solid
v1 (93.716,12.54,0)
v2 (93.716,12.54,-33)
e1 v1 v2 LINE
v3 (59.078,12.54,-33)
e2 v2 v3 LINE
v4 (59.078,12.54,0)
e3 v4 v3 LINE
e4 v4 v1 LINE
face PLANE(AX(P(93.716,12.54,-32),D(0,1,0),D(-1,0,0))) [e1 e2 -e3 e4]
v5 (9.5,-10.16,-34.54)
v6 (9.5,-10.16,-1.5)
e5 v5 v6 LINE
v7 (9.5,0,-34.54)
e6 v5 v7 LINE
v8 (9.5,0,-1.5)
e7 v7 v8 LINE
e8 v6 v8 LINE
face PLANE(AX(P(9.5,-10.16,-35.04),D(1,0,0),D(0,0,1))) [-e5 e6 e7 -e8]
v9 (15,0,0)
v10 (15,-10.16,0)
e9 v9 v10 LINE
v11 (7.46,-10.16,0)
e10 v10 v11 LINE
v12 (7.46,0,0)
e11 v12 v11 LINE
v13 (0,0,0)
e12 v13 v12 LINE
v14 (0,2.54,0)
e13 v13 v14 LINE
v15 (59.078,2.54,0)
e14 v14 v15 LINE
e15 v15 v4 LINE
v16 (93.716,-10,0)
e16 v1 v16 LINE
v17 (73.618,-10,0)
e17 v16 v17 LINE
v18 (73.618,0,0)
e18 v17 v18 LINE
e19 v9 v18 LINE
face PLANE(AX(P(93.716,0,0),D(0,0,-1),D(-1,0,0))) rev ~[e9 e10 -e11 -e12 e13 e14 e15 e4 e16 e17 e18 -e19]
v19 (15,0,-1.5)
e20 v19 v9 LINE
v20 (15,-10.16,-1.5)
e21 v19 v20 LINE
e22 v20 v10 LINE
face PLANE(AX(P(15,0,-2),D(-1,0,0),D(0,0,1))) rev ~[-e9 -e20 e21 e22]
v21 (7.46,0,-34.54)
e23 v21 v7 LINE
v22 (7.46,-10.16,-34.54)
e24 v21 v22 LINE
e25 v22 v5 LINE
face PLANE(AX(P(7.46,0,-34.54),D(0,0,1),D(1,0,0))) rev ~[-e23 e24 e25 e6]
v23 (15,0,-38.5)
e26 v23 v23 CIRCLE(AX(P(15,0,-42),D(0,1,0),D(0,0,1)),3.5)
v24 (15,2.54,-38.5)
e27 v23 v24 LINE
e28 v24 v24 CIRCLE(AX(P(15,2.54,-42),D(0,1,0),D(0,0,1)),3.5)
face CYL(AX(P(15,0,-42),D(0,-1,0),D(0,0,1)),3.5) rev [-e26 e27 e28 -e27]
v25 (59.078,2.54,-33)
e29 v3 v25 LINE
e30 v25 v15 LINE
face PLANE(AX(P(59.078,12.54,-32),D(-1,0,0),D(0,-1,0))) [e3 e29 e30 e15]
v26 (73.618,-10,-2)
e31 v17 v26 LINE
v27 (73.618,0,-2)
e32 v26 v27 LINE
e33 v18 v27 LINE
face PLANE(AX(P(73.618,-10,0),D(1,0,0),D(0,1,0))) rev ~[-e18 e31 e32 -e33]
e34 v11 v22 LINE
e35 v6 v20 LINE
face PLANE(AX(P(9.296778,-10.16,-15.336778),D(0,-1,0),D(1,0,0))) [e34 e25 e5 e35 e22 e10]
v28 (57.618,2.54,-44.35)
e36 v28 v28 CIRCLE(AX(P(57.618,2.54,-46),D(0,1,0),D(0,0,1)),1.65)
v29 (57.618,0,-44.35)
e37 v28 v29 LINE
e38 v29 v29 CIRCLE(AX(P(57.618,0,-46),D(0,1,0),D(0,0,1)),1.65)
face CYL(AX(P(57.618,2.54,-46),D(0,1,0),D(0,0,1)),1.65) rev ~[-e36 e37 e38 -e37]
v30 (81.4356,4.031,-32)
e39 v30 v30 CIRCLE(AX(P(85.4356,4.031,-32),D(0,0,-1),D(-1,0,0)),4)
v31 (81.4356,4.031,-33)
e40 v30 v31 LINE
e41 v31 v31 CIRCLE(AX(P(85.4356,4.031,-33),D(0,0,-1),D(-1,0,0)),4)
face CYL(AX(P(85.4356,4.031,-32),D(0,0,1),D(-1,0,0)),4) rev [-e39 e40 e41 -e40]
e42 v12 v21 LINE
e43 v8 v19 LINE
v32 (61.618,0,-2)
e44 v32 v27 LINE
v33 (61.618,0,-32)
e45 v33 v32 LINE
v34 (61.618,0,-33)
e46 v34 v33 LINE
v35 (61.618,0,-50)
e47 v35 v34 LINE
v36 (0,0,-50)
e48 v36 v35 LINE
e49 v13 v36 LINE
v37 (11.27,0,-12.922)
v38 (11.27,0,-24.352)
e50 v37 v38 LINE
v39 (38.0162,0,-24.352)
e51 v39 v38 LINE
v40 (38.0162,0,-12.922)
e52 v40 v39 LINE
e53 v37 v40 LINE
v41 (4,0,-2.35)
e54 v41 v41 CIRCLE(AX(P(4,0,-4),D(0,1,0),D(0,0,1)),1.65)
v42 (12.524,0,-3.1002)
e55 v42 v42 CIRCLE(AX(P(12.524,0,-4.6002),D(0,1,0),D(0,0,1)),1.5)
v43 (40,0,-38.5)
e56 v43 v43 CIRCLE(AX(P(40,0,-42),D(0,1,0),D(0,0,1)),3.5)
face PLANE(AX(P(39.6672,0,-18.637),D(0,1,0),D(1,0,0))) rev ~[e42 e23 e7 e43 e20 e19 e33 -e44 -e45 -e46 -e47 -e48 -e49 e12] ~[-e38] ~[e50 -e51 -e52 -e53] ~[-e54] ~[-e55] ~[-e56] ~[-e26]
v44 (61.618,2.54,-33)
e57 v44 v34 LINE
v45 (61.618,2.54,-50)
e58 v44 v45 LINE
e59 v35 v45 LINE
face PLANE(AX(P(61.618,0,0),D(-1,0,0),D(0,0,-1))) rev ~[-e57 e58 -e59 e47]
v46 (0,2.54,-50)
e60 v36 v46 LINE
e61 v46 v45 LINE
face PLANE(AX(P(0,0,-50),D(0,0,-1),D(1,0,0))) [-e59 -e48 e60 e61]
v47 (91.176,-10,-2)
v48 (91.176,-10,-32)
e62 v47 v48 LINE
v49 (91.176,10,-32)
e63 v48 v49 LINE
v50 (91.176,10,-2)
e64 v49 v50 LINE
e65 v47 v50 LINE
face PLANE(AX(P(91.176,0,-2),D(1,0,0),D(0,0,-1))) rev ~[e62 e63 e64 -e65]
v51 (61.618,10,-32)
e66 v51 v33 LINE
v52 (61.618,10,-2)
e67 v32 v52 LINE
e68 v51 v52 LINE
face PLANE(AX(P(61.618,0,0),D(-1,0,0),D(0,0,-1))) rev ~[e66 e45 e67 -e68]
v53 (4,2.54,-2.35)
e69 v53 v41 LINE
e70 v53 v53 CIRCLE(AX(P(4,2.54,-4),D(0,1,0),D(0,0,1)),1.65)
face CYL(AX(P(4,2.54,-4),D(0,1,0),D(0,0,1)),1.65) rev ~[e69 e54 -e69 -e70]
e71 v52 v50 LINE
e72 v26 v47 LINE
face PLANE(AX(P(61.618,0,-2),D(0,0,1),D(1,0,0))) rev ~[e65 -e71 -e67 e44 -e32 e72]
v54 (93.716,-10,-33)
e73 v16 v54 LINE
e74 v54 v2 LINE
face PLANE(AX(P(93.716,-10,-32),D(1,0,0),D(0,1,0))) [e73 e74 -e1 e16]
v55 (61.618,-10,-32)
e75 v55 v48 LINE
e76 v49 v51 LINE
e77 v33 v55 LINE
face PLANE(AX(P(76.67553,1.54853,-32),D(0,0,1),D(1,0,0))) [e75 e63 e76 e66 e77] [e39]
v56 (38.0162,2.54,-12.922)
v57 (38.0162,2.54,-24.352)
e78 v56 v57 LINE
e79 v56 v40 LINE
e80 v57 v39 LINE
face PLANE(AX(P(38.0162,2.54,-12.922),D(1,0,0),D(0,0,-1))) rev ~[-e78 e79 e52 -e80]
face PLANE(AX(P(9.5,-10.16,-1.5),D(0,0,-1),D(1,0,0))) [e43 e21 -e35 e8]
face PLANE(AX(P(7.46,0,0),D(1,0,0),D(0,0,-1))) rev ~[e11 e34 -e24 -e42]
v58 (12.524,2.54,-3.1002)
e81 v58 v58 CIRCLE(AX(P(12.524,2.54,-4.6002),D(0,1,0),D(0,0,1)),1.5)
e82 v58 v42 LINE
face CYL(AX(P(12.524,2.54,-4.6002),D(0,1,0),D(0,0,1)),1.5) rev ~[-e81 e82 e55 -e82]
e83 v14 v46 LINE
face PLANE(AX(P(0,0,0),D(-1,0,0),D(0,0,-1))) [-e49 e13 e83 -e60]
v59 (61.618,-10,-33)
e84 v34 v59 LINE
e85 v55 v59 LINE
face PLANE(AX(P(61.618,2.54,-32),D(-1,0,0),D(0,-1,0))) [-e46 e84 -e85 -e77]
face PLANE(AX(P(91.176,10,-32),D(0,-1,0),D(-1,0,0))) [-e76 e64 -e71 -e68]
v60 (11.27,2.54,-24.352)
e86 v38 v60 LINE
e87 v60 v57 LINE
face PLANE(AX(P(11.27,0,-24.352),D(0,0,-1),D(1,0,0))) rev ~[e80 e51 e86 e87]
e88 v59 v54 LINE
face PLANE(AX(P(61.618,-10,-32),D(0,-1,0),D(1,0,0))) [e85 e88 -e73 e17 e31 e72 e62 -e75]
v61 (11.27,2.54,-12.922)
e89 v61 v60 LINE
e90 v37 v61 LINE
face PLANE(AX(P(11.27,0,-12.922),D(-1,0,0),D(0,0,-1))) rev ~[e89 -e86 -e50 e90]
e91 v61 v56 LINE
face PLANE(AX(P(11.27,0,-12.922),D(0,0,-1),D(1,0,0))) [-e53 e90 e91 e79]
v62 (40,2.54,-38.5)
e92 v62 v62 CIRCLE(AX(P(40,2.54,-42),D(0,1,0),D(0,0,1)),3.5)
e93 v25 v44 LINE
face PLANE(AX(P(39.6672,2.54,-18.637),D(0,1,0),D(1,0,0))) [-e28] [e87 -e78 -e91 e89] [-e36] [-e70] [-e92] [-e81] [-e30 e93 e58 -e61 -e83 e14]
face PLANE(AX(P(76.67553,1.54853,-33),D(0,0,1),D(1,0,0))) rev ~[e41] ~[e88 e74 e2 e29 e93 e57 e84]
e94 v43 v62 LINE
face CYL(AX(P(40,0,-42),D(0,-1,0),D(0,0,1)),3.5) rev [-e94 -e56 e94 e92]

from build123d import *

# Parameters (mm, degrees)
SKETCH1_W           = 61.618
SKETCH1_H           = 50
SKETCH1_R           = 3.5
SKETCH1_R_2         = 1
SKETCH1_W_2         = 30.0482
SKETCH1_H_2         = 11.43
BOSS_EXTRUDE1_DEPTH = 2.54
BOSS_EXTRUDE2_DEPTH = 10.16
BOSS_EXTRUDE3_START = -32
BOSS_EXTRUDE3_DEPTH = 32
SKETCH5_W           = 29.558
SKETCH5_H           = 10
BOSS_EXTRUDE4_DEPTH = 2
SKETCH9_W           = 8.561459742
SKETCH9_H           = 33.54
CUT_EXTRUDE1_DEPTH  = 10.16
SKETCH10_R          = 1.65
SKETCH10_R_2        = 1.5
CUT_EXTRUDE2_DEPTH  = 107.976533202
BOSS_EXTRUDE7_DEPTH = 10
SKETCH12_R          = 4
BOSS_EXTRUDE8_DEPTH = 1
SKETCH13_W          = 12
SKETCH13_H          = 10
CUT_EXTRUDE3_DEPTH  = 10
SKETCH14_W          = 3.302
SKETCH14_H          = 11.43
BOSS_EXTRUDE9_DEPTH = 2.54


with BuildPart() as part:
    # Sketch1 → Boss-Extrude1 (new body)
    with BuildSketch(Plane(origin=(0, 0, 0), x_dir=(1, 0, 0), z_dir=(0, 1, 0))):
        with Locations((30.809, 25)):
            Rectangle(SKETCH1_W, SKETCH1_H)
        with Locations(Location((15, 42, 0), (0, 0, 270))):
            Circle(SKETCH1_R, mode=Mode.SUBTRACT)
        with Locations(Location((40, 42, 0), (0, 0, 270))):
            Circle(SKETCH1_R, mode=Mode.SUBTRACT)
        with Locations(Location((12.524, 4.6002, 0), (0, 0, 270))):
            Circle(SKETCH1_R_2, mode=Mode.SUBTRACT)
        with Locations((26.2941, 18.637)):
            Rectangle(SKETCH1_W_2, SKETCH1_H_2, mode=Mode.SUBTRACT)
    extrude(amount=BOSS_EXTRUDE1_DEPTH)

    # Sketch3 → Boss-Extrude2 (add)
    with BuildSketch(Plane.XZ):
        Polygon((10, -32), (10, -2), (15, -2), (15, 0), (7.46, 0), (7.46, -34.54), (10, -34.54), align=None)
    extrude(amount=BOSS_EXTRUDE2_DEPTH)

    # Sketch4 → Boss-Extrude3 (add)
    with BuildSketch(Plane.XY.offset(BOSS_EXTRUDE3_START)):
        Polygon((59.078, 0), (59.078, 12.54), (93.716, 12.54), (93.716, 0), (91.176, 0), (91.176, 10), (61.618, 10), (61.618, 0), align=None)
    extrude(amount=BOSS_EXTRUDE3_DEPTH)

    # Sketch5 → Boss-Extrude4 (add)
    with BuildSketch(Plane.XY):
        with Locations((76.397, 5)):
            Rectangle(SKETCH5_W, SKETCH5_H)
    extrude(amount=-BOSS_EXTRUDE4_DEPTH)

    # Sketch9 → Cut-Extrude1 (cut)
    with BuildSketch(Plane.XZ.offset(10.16)):
        with Locations((13.780729871, -18.27)):
            Rectangle(SKETCH9_W, SKETCH9_H)
    extrude(amount=-CUT_EXTRUDE1_DEPTH, mode=Mode.SUBTRACT)

    # Sketch10 → Cut-Extrude2 (cut, through all)
    with BuildSketch(Plane(origin=(0, 2.54, 0), x_dir=(1, 0, 0), z_dir=(0, 1, 0))):
        with Locations(Location((57.618, 46, 0), (0, 0, 270))):
            Circle(SKETCH10_R)
        with Locations(Location((4, 4, 0), (0, 0, 270))):
            Circle(SKETCH10_R)
        with Locations(Location((12.524, 4.6002, 0), (0, 0, 270))):
            Circle(SKETCH10_R_2)
    extrude(amount=-CUT_EXTRUDE2_DEPTH, mode=Mode.SUBTRACT)

    # Sketch11 → Boss-Extrude7 (add)
    with BuildSketch(Plane.XZ):
        Polygon((91.176, -32), (93.716, -32), (93.716, 0), (61.618, 0), (61.618, -2), (91.176, -2), align=None)
    extrude(amount=BOSS_EXTRUDE7_DEPTH)

    # Sketch12 → Boss-Extrude8 (add)
    with BuildSketch(Plane(origin=(0, 0, -32), x_dir=(-1, 0, 0), z_dir=(0, 0, -1))):
        Polygon((-59.078, 2.54), (-61.618, 2.54), (-61.618, -10), (-93.716, -10), (-93.716, 12.54), (-59.078, 12.54), align=None)
        with Locations((-85.4356, 4.031)):
            Circle(SKETCH12_R, mode=Mode.SUBTRACT)
    extrude(amount=BOSS_EXTRUDE8_DEPTH)

    # Sketch13 → Cut-Extrude3 (cut)
    with BuildSketch(Plane.XY):
        with Locations((67.618, -5)):
            Rectangle(SKETCH13_W, SKETCH13_H)
    extrude(amount=-CUT_EXTRUDE3_DEPTH, mode=Mode.SUBTRACT)

    # Sketch14 → Boss-Extrude9 (add)
    with BuildSketch(Plane(origin=(0, 2.54, 0), x_dir=(1, 0, 0), z_dir=(0, 1, 0))):
        with Locations((39.6672, 18.637)):
            Rectangle(SKETCH14_W, SKETCH14_H)
    extrude(amount=-BOSS_EXTRUDE9_DEPTH)


solid = part.part
